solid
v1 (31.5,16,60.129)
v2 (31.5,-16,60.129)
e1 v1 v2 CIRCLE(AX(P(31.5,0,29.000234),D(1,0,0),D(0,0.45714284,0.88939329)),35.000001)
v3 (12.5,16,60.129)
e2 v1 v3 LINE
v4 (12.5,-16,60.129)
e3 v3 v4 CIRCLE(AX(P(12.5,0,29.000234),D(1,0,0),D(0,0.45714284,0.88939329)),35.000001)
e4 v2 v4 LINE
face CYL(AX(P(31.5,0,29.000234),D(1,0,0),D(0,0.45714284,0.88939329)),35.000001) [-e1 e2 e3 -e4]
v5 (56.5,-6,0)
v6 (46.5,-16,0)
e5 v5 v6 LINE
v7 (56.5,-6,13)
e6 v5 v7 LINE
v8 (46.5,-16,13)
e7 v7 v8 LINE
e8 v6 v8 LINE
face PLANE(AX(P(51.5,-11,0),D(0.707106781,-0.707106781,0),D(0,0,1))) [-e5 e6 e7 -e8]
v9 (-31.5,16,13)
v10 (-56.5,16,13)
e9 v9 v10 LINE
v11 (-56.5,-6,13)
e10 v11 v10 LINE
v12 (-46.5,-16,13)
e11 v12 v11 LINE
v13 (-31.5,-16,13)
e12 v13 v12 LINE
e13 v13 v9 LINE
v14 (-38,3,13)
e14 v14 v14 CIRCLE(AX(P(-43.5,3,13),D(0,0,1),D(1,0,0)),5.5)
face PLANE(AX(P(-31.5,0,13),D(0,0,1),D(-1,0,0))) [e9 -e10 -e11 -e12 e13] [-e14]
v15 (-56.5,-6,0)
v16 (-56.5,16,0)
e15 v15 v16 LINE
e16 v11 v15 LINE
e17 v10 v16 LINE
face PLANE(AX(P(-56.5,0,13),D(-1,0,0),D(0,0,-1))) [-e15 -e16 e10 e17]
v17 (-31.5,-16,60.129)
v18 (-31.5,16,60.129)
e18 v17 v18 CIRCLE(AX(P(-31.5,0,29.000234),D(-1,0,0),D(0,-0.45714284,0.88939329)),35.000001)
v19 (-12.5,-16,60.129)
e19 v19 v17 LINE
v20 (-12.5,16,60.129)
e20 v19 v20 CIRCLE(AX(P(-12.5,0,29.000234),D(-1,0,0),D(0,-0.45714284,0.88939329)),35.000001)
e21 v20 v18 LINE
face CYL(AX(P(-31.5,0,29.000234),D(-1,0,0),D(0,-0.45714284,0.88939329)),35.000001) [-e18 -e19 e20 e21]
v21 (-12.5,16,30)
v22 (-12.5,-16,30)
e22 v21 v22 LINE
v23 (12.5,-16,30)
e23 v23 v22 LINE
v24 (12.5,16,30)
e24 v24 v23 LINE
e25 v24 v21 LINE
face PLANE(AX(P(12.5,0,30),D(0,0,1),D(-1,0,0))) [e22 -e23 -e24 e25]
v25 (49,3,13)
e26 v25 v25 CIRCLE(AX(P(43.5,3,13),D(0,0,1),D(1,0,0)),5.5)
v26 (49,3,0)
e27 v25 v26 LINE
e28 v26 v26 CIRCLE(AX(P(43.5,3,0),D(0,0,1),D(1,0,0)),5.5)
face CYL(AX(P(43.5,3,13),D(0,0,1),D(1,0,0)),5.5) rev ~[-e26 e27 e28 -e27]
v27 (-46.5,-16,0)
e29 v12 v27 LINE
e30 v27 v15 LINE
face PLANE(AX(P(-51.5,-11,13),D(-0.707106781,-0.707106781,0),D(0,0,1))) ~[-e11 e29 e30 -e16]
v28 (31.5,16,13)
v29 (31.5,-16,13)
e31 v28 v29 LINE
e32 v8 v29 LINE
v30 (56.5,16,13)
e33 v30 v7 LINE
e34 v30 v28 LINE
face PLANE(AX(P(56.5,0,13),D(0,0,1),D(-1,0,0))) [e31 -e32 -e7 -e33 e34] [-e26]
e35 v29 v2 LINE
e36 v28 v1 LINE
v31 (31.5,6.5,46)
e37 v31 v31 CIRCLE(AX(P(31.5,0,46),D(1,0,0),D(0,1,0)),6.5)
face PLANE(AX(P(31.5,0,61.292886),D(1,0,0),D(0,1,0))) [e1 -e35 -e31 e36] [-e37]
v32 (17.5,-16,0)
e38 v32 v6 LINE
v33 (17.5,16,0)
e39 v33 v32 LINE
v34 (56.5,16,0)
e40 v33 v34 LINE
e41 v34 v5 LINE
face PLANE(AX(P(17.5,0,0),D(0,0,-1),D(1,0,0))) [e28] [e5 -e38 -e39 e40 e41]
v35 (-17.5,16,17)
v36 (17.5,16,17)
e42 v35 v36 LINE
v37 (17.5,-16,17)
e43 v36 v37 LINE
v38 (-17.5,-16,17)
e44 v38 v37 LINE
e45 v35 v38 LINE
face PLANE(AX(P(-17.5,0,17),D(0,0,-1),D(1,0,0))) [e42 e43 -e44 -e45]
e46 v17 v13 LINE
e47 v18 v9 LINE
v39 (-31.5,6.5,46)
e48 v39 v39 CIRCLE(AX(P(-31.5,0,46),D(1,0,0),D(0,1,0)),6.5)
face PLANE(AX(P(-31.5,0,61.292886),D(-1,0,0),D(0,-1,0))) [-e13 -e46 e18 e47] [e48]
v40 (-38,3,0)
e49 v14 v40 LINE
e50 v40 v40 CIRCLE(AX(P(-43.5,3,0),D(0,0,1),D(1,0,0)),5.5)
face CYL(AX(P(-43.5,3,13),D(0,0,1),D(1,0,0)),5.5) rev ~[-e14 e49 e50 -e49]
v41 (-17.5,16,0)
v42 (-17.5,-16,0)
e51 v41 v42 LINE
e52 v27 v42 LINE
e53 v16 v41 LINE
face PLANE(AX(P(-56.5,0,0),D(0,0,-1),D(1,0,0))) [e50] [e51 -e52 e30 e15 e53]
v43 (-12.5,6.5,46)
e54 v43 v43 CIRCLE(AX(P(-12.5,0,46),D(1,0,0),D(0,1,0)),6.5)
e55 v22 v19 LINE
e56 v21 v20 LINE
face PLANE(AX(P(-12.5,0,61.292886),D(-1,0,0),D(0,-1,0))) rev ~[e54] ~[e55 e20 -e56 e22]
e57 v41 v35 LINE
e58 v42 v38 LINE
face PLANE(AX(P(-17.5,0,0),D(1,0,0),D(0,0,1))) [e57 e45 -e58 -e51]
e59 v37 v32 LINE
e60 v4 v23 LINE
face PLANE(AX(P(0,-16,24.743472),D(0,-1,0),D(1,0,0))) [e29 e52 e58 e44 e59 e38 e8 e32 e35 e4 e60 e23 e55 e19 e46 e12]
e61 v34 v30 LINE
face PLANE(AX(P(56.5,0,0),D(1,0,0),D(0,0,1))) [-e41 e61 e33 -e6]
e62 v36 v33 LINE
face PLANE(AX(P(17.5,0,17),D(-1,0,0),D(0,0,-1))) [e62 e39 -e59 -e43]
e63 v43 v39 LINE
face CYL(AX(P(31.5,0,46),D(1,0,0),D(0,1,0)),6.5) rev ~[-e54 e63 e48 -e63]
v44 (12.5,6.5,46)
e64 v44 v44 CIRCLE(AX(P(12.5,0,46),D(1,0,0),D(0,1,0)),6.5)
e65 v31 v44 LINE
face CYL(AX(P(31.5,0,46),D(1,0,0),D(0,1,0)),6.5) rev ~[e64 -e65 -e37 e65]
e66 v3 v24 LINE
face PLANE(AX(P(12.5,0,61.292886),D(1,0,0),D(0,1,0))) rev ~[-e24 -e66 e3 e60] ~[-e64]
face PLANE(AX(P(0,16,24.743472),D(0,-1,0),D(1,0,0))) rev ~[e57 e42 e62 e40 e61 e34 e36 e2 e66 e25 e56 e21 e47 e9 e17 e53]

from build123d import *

# Parameters (mm, degrees)
F1_DEPTH  = 16
F2_SIZE   = 10
F3_SIZE   = 10
F4_R      = 5.5
F5_DEPTH  = 13
F6_R      = 6.5
F7_DEPTH  = 63
F9_DEPTH  = 19
F11_DEPTH = 19


with BuildPart() as f1:
    # F0 (on Front) → F1 (new body, symmetric)
    with BuildSketch(Plane.XZ):
        Polygon((-56.5, 0), (-17.5, 0), (-17.5, 17), (17.5, 17), (17.5, 0), (56.5, 0), (56.5, 13), (31.5, 13), (31.5, 60.129), (12.5, 60.129), (12.5, 30), (-12.5, 30), (-12.5, 60.129), (-31.5, 60.129), (-31.5, 13), (-56.5, 13), align=None)
    extrude(amount=F1_DEPTH, both=True)

    # F2
    f2_edges = [f1.edges().sort_by_distance(p)[0] for p in [
        (56.5, -16, 6.5),
    ]]
    chamfer(f2_edges, length=F2_SIZE)

    # F3
    f3_edges = [f1.edges().sort_by_distance(p)[0] for p in [
        (-56.5, -16, 6.5),
    ]]
    chamfer(f3_edges, length=F3_SIZE)

    # F4 (on face) → F5 (cut, through all)
    with BuildSketch(Plane.XY.offset(13)):
        with Locations((43.5, 3)):
            Circle(F4_R)
        with Locations((-43.5, 3)):
            Circle(F4_R)
    extrude(amount=-F5_DEPTH, mode=Mode.SUBTRACT)

    # F6 (on face) → F7 (cut, through all)
    with BuildSketch(Plane.YZ.offset(31.5)):
        with Locations((0, 46)):
            Circle(F6_R)
    extrude(amount=-F7_DEPTH, mode=Mode.SUBTRACT)

    # F8 (on face) → F9 (join)
    with BuildSketch(Plane(origin=(-31.5, 0, 0), x_dir=(0, -1, 0), z_dir=(-1, 0, 0))):
        with BuildLine():
            Line((-16, 60.129), (16, 60.129))
            ThreePointArc((16, 60.129), (0, 64.000235), (-16, 60.129))
        make_face()
    extrude(amount=-F9_DEPTH)

    # F10 (on face) → F11 (join)
    with BuildSketch(Plane.YZ.offset(31.5)):
        with BuildLine():
            Line((-16, 60.129), (16, 60.129))
            ThreePointArc((16, 60.129), (0, 64.000235), (-16, 60.129))
        make_face()
    extrude(amount=-F11_DEPTH)


solid = f1.part
